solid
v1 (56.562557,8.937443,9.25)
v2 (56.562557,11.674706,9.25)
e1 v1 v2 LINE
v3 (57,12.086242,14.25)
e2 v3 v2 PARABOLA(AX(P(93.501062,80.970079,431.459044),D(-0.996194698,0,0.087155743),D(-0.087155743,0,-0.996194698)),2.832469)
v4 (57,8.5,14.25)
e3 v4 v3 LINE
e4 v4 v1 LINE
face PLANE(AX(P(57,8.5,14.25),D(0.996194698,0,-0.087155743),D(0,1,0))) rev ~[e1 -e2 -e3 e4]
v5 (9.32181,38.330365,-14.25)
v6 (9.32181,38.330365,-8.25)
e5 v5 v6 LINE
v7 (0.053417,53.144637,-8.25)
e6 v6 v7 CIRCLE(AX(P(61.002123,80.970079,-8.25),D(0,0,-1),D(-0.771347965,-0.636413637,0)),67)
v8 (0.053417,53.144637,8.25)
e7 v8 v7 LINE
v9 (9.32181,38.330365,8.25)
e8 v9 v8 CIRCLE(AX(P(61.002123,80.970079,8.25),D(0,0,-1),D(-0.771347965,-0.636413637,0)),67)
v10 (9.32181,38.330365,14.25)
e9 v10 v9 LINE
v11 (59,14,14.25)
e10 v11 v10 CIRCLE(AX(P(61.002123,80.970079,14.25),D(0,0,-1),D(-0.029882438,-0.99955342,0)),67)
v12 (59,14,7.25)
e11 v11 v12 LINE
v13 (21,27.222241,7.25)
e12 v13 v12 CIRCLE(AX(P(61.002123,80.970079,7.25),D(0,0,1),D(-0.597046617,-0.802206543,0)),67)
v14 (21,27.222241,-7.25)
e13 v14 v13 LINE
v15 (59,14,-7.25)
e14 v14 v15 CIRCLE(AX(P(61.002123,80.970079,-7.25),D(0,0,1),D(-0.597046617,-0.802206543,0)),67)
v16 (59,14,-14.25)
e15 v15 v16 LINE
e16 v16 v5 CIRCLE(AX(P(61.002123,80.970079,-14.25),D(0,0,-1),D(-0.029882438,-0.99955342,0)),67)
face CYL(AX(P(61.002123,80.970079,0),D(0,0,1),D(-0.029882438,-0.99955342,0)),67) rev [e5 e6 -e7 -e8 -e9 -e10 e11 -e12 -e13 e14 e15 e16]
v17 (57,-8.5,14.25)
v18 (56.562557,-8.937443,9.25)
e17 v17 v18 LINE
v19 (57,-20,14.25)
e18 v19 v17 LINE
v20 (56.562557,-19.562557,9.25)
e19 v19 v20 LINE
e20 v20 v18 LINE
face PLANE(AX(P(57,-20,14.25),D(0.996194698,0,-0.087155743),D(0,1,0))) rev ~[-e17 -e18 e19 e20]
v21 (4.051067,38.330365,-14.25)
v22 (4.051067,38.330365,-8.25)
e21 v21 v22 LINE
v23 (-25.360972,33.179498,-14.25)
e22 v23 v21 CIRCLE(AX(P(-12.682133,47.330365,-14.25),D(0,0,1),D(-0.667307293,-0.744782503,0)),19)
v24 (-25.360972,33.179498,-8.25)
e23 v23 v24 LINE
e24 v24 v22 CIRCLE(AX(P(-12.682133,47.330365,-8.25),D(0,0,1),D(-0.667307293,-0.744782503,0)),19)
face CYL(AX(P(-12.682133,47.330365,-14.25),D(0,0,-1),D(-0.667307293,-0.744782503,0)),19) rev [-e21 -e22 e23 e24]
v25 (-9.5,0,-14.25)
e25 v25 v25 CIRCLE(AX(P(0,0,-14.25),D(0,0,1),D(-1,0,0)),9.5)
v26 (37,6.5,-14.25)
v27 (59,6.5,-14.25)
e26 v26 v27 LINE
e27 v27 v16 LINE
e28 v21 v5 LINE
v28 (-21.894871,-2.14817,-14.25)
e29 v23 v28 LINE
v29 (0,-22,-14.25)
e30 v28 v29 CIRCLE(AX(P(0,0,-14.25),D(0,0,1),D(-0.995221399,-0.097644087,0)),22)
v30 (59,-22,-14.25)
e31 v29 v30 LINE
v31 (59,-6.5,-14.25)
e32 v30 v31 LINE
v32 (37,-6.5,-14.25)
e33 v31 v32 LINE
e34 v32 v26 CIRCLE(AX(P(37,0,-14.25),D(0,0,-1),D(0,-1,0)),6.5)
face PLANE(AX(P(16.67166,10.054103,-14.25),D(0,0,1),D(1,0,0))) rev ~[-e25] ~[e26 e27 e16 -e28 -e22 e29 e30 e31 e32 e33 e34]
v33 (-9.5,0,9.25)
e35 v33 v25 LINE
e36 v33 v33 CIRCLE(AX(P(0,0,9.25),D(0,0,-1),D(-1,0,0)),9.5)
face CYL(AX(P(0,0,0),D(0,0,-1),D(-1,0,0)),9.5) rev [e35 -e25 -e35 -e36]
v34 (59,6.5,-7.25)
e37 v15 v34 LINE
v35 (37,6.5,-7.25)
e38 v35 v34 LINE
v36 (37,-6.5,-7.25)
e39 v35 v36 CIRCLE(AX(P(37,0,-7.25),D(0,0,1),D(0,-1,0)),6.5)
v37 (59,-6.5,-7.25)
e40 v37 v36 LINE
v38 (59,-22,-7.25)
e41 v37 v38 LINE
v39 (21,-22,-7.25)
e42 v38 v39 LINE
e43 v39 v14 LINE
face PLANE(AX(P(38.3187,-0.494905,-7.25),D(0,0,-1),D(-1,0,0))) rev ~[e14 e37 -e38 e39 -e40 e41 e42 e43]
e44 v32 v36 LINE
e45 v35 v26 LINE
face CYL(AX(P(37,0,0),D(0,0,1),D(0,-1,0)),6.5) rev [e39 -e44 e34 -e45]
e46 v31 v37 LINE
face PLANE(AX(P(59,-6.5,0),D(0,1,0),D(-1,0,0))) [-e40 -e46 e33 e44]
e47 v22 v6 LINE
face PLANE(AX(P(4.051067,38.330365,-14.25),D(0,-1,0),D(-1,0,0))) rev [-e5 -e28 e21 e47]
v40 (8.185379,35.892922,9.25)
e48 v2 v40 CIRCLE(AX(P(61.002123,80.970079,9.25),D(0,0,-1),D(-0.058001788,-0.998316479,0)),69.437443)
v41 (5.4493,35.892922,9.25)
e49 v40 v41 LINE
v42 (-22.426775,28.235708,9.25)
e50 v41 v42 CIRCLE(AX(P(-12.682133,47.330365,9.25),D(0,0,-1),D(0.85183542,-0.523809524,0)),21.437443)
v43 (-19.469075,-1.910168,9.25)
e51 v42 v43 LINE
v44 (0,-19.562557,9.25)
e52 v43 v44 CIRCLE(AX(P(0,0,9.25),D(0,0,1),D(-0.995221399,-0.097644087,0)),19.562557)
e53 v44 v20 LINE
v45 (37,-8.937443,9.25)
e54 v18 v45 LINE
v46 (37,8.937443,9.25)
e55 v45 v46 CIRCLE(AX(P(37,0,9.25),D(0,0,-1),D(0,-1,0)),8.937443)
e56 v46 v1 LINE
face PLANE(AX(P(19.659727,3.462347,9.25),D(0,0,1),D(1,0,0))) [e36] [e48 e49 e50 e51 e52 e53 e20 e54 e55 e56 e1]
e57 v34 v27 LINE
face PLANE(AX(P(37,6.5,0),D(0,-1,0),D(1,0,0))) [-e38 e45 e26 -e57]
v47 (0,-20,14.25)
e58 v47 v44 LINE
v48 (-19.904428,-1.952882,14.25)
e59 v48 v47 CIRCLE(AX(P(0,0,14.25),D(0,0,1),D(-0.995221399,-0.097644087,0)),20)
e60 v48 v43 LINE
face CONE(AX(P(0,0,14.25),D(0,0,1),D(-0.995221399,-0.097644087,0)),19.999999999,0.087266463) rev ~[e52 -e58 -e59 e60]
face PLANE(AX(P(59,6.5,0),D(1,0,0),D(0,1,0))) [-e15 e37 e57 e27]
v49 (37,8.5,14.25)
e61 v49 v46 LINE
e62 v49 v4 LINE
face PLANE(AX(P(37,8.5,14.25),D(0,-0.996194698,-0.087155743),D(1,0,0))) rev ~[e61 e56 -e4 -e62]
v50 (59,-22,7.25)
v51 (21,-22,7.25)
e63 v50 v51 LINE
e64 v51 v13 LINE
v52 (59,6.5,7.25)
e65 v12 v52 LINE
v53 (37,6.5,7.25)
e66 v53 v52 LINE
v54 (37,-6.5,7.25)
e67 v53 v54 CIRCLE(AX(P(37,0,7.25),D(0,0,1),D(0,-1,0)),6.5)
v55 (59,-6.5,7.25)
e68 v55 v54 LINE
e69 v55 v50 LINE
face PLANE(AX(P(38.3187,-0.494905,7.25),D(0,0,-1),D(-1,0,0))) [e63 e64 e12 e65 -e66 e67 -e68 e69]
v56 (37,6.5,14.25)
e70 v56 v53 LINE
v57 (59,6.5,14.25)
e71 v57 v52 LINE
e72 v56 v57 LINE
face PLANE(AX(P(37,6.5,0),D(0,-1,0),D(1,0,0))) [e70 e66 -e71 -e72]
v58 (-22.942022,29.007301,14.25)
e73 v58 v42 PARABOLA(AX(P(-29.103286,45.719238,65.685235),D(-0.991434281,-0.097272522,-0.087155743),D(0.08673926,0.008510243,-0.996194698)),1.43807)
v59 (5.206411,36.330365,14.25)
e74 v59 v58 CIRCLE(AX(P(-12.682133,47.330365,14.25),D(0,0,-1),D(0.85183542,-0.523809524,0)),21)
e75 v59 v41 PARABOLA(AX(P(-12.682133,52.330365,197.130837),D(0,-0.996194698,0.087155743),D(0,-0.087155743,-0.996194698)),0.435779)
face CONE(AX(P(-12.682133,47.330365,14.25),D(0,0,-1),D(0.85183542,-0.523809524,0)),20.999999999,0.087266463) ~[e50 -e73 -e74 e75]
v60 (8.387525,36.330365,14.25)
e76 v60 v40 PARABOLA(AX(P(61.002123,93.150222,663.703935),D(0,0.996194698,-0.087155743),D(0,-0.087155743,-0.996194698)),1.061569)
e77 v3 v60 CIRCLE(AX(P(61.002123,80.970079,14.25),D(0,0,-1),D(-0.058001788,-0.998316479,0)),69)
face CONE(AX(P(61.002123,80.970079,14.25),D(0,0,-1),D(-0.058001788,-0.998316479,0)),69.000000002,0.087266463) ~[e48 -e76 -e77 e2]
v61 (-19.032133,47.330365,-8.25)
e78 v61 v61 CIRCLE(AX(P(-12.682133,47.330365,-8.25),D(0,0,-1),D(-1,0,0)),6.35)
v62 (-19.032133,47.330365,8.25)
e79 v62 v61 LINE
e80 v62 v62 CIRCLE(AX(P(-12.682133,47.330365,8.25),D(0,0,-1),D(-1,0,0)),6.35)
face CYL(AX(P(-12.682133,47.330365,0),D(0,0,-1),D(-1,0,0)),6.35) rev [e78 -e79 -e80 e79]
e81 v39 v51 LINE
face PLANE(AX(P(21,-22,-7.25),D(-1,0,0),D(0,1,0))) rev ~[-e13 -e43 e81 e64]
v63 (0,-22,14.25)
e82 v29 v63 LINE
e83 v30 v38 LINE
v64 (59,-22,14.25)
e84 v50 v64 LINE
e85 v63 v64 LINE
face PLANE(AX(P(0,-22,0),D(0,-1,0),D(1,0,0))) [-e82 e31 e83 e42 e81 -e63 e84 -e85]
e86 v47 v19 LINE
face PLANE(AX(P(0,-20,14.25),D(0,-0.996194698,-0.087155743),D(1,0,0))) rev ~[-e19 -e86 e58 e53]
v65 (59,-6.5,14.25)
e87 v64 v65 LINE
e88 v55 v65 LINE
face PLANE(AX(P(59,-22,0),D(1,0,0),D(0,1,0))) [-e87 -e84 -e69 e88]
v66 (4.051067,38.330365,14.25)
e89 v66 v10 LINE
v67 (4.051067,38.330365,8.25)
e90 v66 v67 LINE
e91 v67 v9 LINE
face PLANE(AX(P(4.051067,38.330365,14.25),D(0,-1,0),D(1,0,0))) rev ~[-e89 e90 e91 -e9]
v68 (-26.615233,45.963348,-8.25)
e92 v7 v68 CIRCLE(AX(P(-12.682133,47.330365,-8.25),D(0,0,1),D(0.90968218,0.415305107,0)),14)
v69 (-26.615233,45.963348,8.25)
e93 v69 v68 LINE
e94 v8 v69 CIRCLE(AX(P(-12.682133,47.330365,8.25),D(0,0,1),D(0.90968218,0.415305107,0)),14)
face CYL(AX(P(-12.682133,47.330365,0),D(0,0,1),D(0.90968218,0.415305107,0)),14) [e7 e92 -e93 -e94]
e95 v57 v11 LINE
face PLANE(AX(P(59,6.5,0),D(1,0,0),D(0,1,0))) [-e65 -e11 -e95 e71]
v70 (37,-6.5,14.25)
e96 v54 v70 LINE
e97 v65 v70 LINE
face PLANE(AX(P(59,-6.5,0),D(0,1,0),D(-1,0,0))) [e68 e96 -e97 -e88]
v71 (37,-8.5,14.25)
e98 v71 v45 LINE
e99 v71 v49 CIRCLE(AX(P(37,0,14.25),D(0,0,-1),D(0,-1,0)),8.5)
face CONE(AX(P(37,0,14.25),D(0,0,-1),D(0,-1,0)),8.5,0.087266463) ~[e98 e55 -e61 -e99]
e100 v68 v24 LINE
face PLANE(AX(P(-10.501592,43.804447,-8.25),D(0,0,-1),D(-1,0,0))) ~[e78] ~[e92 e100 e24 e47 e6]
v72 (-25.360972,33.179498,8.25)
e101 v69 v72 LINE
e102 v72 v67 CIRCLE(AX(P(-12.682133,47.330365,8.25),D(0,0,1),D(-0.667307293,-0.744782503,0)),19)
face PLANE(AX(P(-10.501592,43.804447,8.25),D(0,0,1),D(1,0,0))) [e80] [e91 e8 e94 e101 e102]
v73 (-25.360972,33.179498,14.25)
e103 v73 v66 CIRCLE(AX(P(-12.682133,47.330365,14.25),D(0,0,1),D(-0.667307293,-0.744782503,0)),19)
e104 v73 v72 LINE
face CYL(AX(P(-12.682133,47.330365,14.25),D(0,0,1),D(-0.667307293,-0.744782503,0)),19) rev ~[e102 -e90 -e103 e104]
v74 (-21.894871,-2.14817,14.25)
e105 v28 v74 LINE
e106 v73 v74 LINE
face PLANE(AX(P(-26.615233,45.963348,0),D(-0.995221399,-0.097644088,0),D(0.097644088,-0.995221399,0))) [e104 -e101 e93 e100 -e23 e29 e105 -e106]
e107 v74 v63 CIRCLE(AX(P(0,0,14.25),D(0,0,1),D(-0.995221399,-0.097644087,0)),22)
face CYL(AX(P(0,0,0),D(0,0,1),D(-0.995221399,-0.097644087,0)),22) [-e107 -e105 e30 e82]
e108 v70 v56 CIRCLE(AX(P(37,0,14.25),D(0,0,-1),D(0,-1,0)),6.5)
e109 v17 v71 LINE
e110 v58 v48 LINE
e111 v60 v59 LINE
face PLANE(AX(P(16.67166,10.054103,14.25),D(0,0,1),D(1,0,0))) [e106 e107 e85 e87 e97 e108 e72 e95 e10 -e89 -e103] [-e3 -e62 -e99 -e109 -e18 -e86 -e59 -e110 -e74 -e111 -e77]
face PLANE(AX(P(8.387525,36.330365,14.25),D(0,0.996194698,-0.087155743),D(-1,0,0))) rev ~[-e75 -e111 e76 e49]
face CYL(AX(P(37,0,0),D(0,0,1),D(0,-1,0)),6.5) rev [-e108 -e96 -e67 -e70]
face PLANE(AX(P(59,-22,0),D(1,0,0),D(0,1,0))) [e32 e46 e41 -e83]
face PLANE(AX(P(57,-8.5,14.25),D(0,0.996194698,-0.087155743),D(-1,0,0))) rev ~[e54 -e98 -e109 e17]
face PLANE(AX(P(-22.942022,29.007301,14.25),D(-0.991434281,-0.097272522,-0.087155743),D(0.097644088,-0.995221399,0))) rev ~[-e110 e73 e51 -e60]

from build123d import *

# Parameters (mm, degrees)
ESQUISSE1_R                  = 9.5
ESQUISSE1_R_2                = 6.35
BOSS_EXTRU_1_DEPTH           = 14.25
ENL_V_MAT_EXTRU_1_DEPTH      = 6
ENL_V_MAT_EXTRU_2_DEPTH      = 7.25
ENL_V_MAT_EXTRU_2_DEPTH_BACK = 7.25
ENL_V_MAT_EXTRU_3_DEPTH      = 5
ENL_V_MAT_EXTRU_3_DRAFT      = -5


with BuildPart() as part:
    # Esquisse1 → Boss.-Extru.1 (new, symmetric)
    with BuildSketch(Plane.XY):
        with BuildLine():
            Line((-26.61523279, 45.963348263), (-21.894870769, -2.148169925))
            ThreePointArc((-21.894870769, -2.148169925), (-14.777351956, -16.298155392), (0, -22))
            Line((0, -22), (59, -22))
            Line((59, -22), (59, -6.5))
            Line((59, -6.5), (37, -6.5))
            ThreePointArc((37, -6.5), (30.5, 0), (37, 6.5))
            Line((37, 6.5), (59, 6.5))
            Line((59, 6.5), (59, 14))
            ThreePointArc((59, 14), (23.937620364, 25.155899787), (0.053417306, 53.144636986))
            ThreePointArc((0.053417306, 53.144636986), (-16.322360933, 60.848824799), (-26.61523279, 45.963348263))
        make_face()
        with Locations(Location((0, 0, 0), (0, 0, 180))):
            Circle(ESQUISSE1_R, mode=Mode.SUBTRACT)
        with Locations(Location((-12.68213321, 47.330365488, 0), (0, 0, 180))):
            Circle(ESQUISSE1_R_2, mode=Mode.SUBTRACT)
    extrude(amount=BOSS_EXTRU_1_DEPTH, both=True)

    # Esquisse2 → Enlèv. mat.-Extru.1 (cut)
    with BuildSketch(Plane.XY.offset(14.25)):
        with BuildLine():
            Line((4.051067321, 38.330365488), (9.321809703, 38.330365488))
            ThreePointArc((9.321809703, 38.330365488), (4.202566317, 45.434036591), (0.053417306, 53.144636986))
            ThreePointArc((0.053417306, 53.144636986), (-16.322360933, 60.848824799), (-26.61523279, 45.963348263))
            Line((-26.61523279, 45.963348263), (-25.360971776, 33.179497931))
            ThreePointArc((-25.360971776, 33.179497931), (-9.404585059, 28.615193084), (4.051067321, 38.330365488))
        make_face()
    enl_v_mat_extru_1 = extrude(amount=-ENL_V_MAT_EXTRU_1_DEPTH, mode=Mode.SUBTRACT)

    # Symétrie1: Enlèv. mat.-Extru.1 across plane
    add(enl_v_mat_extru_1.mirror(Plane.XY), mode=Mode.SUBTRACT)

    # Esquisse3 → Enlèv. mat.-Extru.2 (cut, two sides: drawn at the far end of the back side and taken through both)
    with BuildSketch(Plane.XY.offset(-ENL_V_MAT_EXTRU_2_DEPTH_BACK)):
        with BuildLine():
            Line((21, -22), (21, 27.222240802))
            ThreePointArc((21, 27.222240802), (38.984037644, 17.691299917), (59, 14))
            Line((59, 14), (59, -22))
            Line((59, -22), (21, -22))
        make_face()
    extrude(amount=ENL_V_MAT_EXTRU_2_DEPTH + ENL_V_MAT_EXTRU_2_DEPTH_BACK, mode=Mode.SUBTRACT)


with BuildPart() as enl_v_mat_extru_3_tool:
    # Esquisse4 → Enlèv. mat.-Extru.3 (with draft: the straight prism first)
    with BuildSketch(Plane.XY.offset(14.25)):
        with BuildLine():
            Line((8.387524958, 36.330365488), (5.20641061, 36.330365488))
            ThreePointArc((5.20641061, 36.330365488), (-7.394798321, 27.006879326), (-22.942022259, 29.007301424))
            Line((-22.942022259, 29.007301424), (-19.904427971, -1.95288175))
            ThreePointArc((-19.904427971, -1.95288175), (-13.433956323, -14.816504902), (0, -20))
            Line((0, -20), (57, -20))
            Line((57, -20), (57, -8.5))
            Line((57, -8.5), (37, -8.5))
            ThreePointArc((37, -8.5), (28.5, 0), (37, 8.5))
            Line((37, 8.5), (57, 8.5))
            Line((57, 8.5), (57, 12.086242091))
            ThreePointArc((57, 12.086242091), (30.207518708, 19.223076596), (8.387524958, 36.330365488))
        make_face()
    extrude(amount=-ENL_V_MAT_EXTRU_3_DEPTH)
    # Enlèv. mat.-Extru.3: the draft: its side faces are tilted about the plane it starts from
    enl_v_mat_extru_3_sides = [enl_v_mat_extru_3_tool.faces().sort_by_distance(p)[0] for p in [
        (6.796967784, 36.330365488, 11.75),
        (-7.394798321, 27.006879326, 11.75),
        (-21.423225115, 13.527209837, 11.75),
        (-13.433956323, -14.816504902, 11.75),
        (28.5, -20, 11.75),
        (57, -14.25, 11.75),
        (47, -8.5, 11.75),
        (28.5, 0, 11.75),
        (47, 8.5, 11.75),
        (57, 10.293121046, 11.75),
        (30.207518708, 19.223076596, 11.75),
    ]]
    draft(enl_v_mat_extru_3_sides, Plane.XY.offset(14.25), ENL_V_MAT_EXTRU_3_DRAFT)


with BuildPart() as part_1:
    add(part.part)

    # Enlèv. mat.-Extru.3: cut by enl_v_mat_extru_3_tool
    add(enl_v_mat_extru_3_tool.part, mode=Mode.SUBTRACT)


solid = part_1.part
